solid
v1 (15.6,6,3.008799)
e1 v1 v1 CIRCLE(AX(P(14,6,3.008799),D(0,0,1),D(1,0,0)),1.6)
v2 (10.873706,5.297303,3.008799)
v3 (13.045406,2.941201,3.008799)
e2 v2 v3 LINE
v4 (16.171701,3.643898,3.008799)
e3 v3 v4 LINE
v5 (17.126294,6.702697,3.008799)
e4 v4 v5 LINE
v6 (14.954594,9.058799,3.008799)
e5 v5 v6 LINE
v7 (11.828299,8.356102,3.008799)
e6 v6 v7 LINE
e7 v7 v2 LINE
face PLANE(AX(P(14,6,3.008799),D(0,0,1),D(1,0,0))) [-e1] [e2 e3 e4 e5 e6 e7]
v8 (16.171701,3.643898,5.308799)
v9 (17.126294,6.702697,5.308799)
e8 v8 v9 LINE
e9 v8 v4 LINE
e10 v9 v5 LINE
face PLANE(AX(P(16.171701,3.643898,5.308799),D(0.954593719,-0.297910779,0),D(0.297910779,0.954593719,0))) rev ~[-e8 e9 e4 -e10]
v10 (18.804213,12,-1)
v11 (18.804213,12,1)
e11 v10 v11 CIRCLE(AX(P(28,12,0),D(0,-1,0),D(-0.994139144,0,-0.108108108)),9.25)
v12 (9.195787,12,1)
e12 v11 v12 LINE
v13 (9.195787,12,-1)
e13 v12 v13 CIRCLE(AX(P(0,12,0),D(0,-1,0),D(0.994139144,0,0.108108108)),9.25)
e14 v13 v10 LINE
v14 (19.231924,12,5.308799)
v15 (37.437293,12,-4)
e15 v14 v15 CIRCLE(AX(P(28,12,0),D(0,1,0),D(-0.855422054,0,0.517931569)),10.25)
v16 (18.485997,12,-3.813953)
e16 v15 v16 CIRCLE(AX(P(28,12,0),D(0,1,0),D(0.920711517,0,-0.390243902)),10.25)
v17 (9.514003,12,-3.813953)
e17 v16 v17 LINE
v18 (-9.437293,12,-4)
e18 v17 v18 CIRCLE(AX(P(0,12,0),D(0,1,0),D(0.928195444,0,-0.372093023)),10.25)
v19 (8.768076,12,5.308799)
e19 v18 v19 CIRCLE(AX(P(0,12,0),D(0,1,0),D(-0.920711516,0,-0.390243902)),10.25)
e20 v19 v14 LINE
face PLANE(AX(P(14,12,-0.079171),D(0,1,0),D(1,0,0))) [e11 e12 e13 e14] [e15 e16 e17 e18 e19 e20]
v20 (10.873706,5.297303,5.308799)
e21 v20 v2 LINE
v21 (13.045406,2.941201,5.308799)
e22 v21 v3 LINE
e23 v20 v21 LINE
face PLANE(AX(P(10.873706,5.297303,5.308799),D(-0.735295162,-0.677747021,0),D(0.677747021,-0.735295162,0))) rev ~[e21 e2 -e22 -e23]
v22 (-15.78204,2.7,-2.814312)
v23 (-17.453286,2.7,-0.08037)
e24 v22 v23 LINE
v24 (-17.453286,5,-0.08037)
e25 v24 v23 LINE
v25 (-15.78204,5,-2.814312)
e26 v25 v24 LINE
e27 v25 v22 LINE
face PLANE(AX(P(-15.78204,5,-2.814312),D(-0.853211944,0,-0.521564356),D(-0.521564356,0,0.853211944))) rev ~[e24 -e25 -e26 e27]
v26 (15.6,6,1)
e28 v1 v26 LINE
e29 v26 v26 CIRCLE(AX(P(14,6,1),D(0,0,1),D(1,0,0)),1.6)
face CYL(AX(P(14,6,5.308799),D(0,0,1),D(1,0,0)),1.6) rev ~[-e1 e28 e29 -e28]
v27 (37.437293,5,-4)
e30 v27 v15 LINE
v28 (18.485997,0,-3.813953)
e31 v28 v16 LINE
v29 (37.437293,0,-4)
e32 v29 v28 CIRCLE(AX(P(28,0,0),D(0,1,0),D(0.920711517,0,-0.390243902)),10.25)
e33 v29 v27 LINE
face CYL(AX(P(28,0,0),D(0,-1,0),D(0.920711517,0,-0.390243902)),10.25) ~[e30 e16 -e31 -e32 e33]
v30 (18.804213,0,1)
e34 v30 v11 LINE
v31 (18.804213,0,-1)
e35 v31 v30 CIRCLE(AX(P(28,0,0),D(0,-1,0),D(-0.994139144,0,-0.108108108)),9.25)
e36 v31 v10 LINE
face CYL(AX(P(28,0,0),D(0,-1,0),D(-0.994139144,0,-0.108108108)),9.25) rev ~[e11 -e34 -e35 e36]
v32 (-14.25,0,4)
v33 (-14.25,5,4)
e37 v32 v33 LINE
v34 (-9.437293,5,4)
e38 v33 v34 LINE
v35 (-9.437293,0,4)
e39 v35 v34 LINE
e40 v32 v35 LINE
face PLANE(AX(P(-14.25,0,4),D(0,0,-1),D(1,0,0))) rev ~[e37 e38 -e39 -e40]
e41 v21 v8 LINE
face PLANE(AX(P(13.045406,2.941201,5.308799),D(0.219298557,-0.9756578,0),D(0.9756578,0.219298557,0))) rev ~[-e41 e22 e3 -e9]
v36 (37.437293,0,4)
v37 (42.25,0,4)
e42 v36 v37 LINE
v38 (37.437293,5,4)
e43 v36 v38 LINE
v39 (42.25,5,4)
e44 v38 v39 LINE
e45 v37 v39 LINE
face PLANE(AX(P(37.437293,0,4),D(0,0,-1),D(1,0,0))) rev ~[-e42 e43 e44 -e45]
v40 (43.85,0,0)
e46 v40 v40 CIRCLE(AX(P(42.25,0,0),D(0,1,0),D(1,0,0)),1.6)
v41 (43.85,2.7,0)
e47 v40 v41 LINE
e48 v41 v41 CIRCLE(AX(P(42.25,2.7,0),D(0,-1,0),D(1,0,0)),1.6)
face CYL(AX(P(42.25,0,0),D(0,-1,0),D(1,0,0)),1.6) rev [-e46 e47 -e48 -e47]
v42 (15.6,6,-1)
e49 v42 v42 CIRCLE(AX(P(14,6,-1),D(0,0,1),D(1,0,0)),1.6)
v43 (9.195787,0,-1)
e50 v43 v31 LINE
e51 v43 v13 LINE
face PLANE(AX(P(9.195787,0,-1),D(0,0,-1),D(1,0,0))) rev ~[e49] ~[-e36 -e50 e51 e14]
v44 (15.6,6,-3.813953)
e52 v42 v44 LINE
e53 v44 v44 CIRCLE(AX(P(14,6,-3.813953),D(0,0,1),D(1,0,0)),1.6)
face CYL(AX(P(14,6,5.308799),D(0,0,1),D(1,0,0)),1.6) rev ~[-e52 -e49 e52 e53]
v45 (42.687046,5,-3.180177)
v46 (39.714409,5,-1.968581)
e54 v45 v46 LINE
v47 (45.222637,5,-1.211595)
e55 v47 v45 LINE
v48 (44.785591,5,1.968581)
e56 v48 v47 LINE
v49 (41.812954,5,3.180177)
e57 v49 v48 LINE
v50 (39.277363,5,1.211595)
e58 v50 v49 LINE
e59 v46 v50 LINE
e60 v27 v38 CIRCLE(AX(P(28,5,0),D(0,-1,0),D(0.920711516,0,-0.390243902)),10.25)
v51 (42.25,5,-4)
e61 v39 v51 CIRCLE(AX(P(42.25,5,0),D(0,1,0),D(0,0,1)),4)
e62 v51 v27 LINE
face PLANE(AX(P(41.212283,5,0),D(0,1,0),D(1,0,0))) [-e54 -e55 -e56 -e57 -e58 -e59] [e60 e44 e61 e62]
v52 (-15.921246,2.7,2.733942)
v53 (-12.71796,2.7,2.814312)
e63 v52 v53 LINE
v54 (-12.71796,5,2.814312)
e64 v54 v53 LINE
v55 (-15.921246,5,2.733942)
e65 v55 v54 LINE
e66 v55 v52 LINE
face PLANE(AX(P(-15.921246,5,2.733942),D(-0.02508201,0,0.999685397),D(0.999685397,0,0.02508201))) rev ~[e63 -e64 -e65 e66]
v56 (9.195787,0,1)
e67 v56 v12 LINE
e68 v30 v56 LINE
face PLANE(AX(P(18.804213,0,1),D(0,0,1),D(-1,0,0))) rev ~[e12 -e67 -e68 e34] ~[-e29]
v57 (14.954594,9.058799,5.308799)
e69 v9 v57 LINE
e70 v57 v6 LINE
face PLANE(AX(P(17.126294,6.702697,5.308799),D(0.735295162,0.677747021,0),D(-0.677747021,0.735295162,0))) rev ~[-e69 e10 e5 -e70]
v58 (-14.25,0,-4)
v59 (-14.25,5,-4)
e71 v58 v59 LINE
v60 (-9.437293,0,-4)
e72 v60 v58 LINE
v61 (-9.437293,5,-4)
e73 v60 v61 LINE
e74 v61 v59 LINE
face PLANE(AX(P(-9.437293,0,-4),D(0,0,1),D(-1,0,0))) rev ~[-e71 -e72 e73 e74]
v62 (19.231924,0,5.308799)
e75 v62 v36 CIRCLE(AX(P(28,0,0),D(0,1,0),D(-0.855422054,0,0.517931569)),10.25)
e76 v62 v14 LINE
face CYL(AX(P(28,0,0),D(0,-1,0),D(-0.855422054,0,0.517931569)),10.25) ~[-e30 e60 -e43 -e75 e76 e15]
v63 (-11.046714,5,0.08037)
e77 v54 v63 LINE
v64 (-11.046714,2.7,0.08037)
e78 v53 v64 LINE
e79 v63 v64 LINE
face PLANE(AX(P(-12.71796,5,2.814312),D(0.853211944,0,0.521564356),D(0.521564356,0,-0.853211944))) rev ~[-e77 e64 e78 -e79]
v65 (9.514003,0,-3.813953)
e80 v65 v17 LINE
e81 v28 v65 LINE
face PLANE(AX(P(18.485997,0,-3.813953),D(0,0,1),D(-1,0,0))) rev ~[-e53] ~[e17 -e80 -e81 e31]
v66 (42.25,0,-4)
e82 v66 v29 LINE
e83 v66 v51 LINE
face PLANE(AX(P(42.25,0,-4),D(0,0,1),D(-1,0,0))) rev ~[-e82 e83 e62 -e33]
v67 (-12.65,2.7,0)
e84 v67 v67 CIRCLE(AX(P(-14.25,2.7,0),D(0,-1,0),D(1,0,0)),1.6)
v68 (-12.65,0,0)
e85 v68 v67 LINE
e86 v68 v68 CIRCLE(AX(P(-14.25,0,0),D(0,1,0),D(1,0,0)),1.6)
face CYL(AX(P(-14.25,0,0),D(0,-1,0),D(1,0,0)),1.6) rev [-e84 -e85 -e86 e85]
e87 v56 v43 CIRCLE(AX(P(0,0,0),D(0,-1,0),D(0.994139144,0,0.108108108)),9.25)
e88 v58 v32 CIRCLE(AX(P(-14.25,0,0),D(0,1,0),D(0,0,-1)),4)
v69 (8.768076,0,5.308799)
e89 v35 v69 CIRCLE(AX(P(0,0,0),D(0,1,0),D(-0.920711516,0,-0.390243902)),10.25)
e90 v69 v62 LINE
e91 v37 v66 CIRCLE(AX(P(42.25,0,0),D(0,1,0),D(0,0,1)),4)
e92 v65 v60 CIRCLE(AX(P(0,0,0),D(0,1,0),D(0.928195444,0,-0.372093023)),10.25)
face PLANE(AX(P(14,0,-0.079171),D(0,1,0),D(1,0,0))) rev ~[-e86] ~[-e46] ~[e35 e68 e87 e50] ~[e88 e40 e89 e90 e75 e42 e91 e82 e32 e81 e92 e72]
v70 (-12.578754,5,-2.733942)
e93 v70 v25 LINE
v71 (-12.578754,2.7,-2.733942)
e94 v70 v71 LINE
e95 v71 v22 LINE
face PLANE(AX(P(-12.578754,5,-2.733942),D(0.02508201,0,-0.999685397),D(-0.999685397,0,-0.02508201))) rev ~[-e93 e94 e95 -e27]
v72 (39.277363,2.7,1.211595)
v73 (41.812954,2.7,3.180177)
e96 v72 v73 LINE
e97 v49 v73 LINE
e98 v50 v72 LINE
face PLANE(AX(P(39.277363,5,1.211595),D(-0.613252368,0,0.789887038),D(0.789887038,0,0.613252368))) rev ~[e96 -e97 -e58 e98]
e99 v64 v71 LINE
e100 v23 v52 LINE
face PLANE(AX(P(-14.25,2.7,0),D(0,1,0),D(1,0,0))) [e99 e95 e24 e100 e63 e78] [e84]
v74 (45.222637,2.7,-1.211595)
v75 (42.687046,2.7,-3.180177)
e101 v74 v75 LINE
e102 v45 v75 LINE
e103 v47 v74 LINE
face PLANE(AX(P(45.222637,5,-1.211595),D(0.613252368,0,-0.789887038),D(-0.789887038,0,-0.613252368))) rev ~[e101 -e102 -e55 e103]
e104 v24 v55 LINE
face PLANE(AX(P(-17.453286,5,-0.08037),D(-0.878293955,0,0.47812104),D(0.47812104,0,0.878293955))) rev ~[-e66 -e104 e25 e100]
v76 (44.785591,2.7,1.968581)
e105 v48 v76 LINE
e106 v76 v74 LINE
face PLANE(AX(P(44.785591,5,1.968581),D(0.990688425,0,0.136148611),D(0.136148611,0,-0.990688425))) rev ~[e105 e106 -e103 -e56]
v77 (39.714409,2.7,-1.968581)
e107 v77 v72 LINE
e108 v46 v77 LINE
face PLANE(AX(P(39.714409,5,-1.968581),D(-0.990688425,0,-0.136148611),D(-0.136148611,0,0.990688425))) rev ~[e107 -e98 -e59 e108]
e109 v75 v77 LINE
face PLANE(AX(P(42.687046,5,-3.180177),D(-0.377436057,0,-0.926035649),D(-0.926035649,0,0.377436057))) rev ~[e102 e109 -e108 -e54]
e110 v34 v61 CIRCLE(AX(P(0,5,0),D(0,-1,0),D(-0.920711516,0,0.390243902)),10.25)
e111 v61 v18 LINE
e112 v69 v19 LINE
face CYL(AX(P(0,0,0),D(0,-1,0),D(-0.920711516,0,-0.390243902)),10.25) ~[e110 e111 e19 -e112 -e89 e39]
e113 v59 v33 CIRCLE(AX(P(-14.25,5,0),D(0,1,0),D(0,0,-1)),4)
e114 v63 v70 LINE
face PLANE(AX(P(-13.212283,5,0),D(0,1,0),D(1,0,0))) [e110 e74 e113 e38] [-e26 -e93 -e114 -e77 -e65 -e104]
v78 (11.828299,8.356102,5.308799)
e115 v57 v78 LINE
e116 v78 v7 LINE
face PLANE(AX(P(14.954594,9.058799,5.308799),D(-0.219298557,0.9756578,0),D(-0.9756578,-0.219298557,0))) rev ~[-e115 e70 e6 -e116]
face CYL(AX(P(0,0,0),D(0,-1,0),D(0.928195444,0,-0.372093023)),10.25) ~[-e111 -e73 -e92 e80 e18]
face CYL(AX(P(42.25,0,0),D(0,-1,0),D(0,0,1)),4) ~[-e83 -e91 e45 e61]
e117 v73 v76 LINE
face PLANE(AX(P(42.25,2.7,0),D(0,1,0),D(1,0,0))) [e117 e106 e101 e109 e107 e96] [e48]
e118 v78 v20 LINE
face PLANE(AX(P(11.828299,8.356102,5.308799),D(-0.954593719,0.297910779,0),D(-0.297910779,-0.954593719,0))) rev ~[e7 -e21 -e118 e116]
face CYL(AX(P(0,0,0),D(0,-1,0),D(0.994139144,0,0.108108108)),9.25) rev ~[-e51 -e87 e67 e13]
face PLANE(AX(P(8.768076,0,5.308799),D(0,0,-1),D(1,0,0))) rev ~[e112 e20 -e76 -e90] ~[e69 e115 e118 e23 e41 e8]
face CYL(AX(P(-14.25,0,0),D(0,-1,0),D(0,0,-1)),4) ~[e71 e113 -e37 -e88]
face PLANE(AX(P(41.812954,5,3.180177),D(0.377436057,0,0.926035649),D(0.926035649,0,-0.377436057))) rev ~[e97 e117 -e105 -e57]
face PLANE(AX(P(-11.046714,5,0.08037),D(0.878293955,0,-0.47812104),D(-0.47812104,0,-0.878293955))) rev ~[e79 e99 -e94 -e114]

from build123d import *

# Parameters (mm, degrees)
SKETCH1_R             = 1.6
BOSS_EXTRUDE2_DEPTH   = 5
BOSS_EXTRUDE2_2_DEPTH = 5
BOSS_EXTRUDE3_DEPTH   = 12
CUT_EXTRUDE1_DEPTH    = 2.3
CUT_EXTRUDE2_DEPTH    = 2.3
SKETCH4_R             = 1.6
CUT_EXTRUDE3_DEPTH    = 15
CUT_EXTRUDE4_DEPTH    = 2.3


with BuildPart() as part:
    # Sketch1 → Boss-Extrude2 (new body)
    with BuildSketch(Plane(origin=(0, 0, 0), x_dir=(1, 0, 0), z_dir=(0, 1, 0))):
        with BuildLine():
            ThreePointArc((-9.437293044, -4), (-10.25, 0), (-9.437293044, 4))
            Line((-9.437293044, 4), (-14.25, 4))
            ThreePointArc((-14.25, 4), (-18.25, 0), (-14.25, -4))
            Line((-14.25, -4), (-9.437293044, -4))
        make_face()
        with Locations((-14.25, 0)):
            Circle(SKETCH1_R, mode=Mode.SUBTRACT)
    extrude(amount=BOSS_EXTRUDE2_DEPTH)



with BuildPart() as body_2:
    # Sketch1 → Boss-Extrude2 2 (new body)
    with BuildSketch(Plane(origin=(0, 0, 0), x_dir=(1, 0, 0), z_dir=(0, 1, 0))):
        with BuildLine():
            Line((42.25, 4), (37.437293044, 4))
            ThreePointArc((37.437293044, 4), (38.25, 0), (37.437293044, -4))
            Line((37.437293044, -4), (42.25, -4))
            ThreePointArc((42.25, -4), (46.25, 0), (42.25, 4))
        make_face()
        with Locations((42.25, 0)):
            Circle(SKETCH1_R, mode=Mode.SUBTRACT)
    extrude(amount=BOSS_EXTRUDE2_2_DEPTH)


with BuildPart() as part_1:
    add(part.part)

    add(body_2.part)  # Boss-Extrude3 merges body 2
    # Sketch1<4> → Boss-Extrude3 (add)
    with BuildSketch(Plane(origin=(0, 0, 0), x_dir=(1, 0, 0), z_dir=(0, 1, 0))):
        with BuildLine():
            Line((18.4859967, 3.813953488), (9.5140033, 3.813953488))
            ThreePointArc((9.5140033, 3.813953488), (0.100620286, 10.249506113), (-9.437293044, 4))
            ThreePointArc((-9.437293044, 4), (-10.25, 0), (-9.437293044, -4))
            ThreePointArc((-9.437293044, -4), (-0.734983861, -10.223614758), (8.768076052, -5.308798579))
            Line((8.768076052, -5.308798579), (19.231923948, -5.308798579))
            ThreePointArc((19.231923948, -5.308798579), (28.734983861, -10.223614758), (37.437293044, -4))
            ThreePointArc((37.437293044, -4), (38.25, 0), (37.437293044, 4))
            ThreePointArc((37.437293044, 4), (27.899379714, 10.249506113), (18.4859967, 3.813953488))
        make_face()
        with BuildLine():
            ThreePointArc((9.195787079, -1), (-9.25, 0), (9.195787079, 1))
            Line((9.195787079, 1), (18.804212921, 1))
            ThreePointArc((18.804212921, 1), (37.25, 0), (18.804212921, -1))
            Line((18.804212921, -1), (9.195787079, -1))
        make_face(mode=Mode.SUBTRACT)
    extrude(amount=BOSS_EXTRUDE3_DEPTH)

    # Sketch2 → Cut-Extrude1 (cut)
    with BuildSketch(Plane(origin=(0, 5, 0), x_dir=(1, 0, 0), z_dir=(0, 1, 0))):
        Polygon((-15.782040378, 2.814312044), (-17.453285913, 0.080370135), (-15.921245535, -2.733941909), (-12.717959622, -2.814312044), (-11.046714087, -0.080370135), (-12.578754465, 2.733941909), align=None)
    extrude(amount=-CUT_EXTRUDE1_DEPTH, mode=Mode.SUBTRACT)

    # Sketch3 → Cut-Extrude2 (cut)
    with BuildSketch(Plane(origin=(0, 5, 0), x_dir=(1, 0, 0), z_dir=(0, 1, 0))):
        Polygon((42.687046229, 3.180176713), (39.714409293, 1.968581494), (39.277363063, -1.211595219), (41.812953771, -3.180176713), (44.785590707, -1.968581494), (45.222636937, 1.211595219), align=None)
    extrude(amount=-CUT_EXTRUDE2_DEPTH, mode=Mode.SUBTRACT)

    # Sketch4 → Cut-Extrude3 (cut)
    with BuildSketch(Plane.XY.offset(5.308798579)):
        with Locations((14, 6)):
            Circle(SKETCH4_R)
    extrude(amount=-CUT_EXTRUDE3_DEPTH, mode=Mode.SUBTRACT)

    # Sketch7 → Cut-Extrude4 (cut)
    with BuildSketch(Plane.XY.offset(5.308798579)):
        Polygon((14.954593719, 9.05879892), (11.82829929, 8.356101871), (10.873705571, 5.297302951), (13.045406281, 2.94120108), (16.17170071, 3.643898129), (17.126294429, 6.702697049), align=None)
    extrude(amount=-CUT_EXTRUDE4_DEPTH, mode=Mode.SUBTRACT)


solid = part_1.part
